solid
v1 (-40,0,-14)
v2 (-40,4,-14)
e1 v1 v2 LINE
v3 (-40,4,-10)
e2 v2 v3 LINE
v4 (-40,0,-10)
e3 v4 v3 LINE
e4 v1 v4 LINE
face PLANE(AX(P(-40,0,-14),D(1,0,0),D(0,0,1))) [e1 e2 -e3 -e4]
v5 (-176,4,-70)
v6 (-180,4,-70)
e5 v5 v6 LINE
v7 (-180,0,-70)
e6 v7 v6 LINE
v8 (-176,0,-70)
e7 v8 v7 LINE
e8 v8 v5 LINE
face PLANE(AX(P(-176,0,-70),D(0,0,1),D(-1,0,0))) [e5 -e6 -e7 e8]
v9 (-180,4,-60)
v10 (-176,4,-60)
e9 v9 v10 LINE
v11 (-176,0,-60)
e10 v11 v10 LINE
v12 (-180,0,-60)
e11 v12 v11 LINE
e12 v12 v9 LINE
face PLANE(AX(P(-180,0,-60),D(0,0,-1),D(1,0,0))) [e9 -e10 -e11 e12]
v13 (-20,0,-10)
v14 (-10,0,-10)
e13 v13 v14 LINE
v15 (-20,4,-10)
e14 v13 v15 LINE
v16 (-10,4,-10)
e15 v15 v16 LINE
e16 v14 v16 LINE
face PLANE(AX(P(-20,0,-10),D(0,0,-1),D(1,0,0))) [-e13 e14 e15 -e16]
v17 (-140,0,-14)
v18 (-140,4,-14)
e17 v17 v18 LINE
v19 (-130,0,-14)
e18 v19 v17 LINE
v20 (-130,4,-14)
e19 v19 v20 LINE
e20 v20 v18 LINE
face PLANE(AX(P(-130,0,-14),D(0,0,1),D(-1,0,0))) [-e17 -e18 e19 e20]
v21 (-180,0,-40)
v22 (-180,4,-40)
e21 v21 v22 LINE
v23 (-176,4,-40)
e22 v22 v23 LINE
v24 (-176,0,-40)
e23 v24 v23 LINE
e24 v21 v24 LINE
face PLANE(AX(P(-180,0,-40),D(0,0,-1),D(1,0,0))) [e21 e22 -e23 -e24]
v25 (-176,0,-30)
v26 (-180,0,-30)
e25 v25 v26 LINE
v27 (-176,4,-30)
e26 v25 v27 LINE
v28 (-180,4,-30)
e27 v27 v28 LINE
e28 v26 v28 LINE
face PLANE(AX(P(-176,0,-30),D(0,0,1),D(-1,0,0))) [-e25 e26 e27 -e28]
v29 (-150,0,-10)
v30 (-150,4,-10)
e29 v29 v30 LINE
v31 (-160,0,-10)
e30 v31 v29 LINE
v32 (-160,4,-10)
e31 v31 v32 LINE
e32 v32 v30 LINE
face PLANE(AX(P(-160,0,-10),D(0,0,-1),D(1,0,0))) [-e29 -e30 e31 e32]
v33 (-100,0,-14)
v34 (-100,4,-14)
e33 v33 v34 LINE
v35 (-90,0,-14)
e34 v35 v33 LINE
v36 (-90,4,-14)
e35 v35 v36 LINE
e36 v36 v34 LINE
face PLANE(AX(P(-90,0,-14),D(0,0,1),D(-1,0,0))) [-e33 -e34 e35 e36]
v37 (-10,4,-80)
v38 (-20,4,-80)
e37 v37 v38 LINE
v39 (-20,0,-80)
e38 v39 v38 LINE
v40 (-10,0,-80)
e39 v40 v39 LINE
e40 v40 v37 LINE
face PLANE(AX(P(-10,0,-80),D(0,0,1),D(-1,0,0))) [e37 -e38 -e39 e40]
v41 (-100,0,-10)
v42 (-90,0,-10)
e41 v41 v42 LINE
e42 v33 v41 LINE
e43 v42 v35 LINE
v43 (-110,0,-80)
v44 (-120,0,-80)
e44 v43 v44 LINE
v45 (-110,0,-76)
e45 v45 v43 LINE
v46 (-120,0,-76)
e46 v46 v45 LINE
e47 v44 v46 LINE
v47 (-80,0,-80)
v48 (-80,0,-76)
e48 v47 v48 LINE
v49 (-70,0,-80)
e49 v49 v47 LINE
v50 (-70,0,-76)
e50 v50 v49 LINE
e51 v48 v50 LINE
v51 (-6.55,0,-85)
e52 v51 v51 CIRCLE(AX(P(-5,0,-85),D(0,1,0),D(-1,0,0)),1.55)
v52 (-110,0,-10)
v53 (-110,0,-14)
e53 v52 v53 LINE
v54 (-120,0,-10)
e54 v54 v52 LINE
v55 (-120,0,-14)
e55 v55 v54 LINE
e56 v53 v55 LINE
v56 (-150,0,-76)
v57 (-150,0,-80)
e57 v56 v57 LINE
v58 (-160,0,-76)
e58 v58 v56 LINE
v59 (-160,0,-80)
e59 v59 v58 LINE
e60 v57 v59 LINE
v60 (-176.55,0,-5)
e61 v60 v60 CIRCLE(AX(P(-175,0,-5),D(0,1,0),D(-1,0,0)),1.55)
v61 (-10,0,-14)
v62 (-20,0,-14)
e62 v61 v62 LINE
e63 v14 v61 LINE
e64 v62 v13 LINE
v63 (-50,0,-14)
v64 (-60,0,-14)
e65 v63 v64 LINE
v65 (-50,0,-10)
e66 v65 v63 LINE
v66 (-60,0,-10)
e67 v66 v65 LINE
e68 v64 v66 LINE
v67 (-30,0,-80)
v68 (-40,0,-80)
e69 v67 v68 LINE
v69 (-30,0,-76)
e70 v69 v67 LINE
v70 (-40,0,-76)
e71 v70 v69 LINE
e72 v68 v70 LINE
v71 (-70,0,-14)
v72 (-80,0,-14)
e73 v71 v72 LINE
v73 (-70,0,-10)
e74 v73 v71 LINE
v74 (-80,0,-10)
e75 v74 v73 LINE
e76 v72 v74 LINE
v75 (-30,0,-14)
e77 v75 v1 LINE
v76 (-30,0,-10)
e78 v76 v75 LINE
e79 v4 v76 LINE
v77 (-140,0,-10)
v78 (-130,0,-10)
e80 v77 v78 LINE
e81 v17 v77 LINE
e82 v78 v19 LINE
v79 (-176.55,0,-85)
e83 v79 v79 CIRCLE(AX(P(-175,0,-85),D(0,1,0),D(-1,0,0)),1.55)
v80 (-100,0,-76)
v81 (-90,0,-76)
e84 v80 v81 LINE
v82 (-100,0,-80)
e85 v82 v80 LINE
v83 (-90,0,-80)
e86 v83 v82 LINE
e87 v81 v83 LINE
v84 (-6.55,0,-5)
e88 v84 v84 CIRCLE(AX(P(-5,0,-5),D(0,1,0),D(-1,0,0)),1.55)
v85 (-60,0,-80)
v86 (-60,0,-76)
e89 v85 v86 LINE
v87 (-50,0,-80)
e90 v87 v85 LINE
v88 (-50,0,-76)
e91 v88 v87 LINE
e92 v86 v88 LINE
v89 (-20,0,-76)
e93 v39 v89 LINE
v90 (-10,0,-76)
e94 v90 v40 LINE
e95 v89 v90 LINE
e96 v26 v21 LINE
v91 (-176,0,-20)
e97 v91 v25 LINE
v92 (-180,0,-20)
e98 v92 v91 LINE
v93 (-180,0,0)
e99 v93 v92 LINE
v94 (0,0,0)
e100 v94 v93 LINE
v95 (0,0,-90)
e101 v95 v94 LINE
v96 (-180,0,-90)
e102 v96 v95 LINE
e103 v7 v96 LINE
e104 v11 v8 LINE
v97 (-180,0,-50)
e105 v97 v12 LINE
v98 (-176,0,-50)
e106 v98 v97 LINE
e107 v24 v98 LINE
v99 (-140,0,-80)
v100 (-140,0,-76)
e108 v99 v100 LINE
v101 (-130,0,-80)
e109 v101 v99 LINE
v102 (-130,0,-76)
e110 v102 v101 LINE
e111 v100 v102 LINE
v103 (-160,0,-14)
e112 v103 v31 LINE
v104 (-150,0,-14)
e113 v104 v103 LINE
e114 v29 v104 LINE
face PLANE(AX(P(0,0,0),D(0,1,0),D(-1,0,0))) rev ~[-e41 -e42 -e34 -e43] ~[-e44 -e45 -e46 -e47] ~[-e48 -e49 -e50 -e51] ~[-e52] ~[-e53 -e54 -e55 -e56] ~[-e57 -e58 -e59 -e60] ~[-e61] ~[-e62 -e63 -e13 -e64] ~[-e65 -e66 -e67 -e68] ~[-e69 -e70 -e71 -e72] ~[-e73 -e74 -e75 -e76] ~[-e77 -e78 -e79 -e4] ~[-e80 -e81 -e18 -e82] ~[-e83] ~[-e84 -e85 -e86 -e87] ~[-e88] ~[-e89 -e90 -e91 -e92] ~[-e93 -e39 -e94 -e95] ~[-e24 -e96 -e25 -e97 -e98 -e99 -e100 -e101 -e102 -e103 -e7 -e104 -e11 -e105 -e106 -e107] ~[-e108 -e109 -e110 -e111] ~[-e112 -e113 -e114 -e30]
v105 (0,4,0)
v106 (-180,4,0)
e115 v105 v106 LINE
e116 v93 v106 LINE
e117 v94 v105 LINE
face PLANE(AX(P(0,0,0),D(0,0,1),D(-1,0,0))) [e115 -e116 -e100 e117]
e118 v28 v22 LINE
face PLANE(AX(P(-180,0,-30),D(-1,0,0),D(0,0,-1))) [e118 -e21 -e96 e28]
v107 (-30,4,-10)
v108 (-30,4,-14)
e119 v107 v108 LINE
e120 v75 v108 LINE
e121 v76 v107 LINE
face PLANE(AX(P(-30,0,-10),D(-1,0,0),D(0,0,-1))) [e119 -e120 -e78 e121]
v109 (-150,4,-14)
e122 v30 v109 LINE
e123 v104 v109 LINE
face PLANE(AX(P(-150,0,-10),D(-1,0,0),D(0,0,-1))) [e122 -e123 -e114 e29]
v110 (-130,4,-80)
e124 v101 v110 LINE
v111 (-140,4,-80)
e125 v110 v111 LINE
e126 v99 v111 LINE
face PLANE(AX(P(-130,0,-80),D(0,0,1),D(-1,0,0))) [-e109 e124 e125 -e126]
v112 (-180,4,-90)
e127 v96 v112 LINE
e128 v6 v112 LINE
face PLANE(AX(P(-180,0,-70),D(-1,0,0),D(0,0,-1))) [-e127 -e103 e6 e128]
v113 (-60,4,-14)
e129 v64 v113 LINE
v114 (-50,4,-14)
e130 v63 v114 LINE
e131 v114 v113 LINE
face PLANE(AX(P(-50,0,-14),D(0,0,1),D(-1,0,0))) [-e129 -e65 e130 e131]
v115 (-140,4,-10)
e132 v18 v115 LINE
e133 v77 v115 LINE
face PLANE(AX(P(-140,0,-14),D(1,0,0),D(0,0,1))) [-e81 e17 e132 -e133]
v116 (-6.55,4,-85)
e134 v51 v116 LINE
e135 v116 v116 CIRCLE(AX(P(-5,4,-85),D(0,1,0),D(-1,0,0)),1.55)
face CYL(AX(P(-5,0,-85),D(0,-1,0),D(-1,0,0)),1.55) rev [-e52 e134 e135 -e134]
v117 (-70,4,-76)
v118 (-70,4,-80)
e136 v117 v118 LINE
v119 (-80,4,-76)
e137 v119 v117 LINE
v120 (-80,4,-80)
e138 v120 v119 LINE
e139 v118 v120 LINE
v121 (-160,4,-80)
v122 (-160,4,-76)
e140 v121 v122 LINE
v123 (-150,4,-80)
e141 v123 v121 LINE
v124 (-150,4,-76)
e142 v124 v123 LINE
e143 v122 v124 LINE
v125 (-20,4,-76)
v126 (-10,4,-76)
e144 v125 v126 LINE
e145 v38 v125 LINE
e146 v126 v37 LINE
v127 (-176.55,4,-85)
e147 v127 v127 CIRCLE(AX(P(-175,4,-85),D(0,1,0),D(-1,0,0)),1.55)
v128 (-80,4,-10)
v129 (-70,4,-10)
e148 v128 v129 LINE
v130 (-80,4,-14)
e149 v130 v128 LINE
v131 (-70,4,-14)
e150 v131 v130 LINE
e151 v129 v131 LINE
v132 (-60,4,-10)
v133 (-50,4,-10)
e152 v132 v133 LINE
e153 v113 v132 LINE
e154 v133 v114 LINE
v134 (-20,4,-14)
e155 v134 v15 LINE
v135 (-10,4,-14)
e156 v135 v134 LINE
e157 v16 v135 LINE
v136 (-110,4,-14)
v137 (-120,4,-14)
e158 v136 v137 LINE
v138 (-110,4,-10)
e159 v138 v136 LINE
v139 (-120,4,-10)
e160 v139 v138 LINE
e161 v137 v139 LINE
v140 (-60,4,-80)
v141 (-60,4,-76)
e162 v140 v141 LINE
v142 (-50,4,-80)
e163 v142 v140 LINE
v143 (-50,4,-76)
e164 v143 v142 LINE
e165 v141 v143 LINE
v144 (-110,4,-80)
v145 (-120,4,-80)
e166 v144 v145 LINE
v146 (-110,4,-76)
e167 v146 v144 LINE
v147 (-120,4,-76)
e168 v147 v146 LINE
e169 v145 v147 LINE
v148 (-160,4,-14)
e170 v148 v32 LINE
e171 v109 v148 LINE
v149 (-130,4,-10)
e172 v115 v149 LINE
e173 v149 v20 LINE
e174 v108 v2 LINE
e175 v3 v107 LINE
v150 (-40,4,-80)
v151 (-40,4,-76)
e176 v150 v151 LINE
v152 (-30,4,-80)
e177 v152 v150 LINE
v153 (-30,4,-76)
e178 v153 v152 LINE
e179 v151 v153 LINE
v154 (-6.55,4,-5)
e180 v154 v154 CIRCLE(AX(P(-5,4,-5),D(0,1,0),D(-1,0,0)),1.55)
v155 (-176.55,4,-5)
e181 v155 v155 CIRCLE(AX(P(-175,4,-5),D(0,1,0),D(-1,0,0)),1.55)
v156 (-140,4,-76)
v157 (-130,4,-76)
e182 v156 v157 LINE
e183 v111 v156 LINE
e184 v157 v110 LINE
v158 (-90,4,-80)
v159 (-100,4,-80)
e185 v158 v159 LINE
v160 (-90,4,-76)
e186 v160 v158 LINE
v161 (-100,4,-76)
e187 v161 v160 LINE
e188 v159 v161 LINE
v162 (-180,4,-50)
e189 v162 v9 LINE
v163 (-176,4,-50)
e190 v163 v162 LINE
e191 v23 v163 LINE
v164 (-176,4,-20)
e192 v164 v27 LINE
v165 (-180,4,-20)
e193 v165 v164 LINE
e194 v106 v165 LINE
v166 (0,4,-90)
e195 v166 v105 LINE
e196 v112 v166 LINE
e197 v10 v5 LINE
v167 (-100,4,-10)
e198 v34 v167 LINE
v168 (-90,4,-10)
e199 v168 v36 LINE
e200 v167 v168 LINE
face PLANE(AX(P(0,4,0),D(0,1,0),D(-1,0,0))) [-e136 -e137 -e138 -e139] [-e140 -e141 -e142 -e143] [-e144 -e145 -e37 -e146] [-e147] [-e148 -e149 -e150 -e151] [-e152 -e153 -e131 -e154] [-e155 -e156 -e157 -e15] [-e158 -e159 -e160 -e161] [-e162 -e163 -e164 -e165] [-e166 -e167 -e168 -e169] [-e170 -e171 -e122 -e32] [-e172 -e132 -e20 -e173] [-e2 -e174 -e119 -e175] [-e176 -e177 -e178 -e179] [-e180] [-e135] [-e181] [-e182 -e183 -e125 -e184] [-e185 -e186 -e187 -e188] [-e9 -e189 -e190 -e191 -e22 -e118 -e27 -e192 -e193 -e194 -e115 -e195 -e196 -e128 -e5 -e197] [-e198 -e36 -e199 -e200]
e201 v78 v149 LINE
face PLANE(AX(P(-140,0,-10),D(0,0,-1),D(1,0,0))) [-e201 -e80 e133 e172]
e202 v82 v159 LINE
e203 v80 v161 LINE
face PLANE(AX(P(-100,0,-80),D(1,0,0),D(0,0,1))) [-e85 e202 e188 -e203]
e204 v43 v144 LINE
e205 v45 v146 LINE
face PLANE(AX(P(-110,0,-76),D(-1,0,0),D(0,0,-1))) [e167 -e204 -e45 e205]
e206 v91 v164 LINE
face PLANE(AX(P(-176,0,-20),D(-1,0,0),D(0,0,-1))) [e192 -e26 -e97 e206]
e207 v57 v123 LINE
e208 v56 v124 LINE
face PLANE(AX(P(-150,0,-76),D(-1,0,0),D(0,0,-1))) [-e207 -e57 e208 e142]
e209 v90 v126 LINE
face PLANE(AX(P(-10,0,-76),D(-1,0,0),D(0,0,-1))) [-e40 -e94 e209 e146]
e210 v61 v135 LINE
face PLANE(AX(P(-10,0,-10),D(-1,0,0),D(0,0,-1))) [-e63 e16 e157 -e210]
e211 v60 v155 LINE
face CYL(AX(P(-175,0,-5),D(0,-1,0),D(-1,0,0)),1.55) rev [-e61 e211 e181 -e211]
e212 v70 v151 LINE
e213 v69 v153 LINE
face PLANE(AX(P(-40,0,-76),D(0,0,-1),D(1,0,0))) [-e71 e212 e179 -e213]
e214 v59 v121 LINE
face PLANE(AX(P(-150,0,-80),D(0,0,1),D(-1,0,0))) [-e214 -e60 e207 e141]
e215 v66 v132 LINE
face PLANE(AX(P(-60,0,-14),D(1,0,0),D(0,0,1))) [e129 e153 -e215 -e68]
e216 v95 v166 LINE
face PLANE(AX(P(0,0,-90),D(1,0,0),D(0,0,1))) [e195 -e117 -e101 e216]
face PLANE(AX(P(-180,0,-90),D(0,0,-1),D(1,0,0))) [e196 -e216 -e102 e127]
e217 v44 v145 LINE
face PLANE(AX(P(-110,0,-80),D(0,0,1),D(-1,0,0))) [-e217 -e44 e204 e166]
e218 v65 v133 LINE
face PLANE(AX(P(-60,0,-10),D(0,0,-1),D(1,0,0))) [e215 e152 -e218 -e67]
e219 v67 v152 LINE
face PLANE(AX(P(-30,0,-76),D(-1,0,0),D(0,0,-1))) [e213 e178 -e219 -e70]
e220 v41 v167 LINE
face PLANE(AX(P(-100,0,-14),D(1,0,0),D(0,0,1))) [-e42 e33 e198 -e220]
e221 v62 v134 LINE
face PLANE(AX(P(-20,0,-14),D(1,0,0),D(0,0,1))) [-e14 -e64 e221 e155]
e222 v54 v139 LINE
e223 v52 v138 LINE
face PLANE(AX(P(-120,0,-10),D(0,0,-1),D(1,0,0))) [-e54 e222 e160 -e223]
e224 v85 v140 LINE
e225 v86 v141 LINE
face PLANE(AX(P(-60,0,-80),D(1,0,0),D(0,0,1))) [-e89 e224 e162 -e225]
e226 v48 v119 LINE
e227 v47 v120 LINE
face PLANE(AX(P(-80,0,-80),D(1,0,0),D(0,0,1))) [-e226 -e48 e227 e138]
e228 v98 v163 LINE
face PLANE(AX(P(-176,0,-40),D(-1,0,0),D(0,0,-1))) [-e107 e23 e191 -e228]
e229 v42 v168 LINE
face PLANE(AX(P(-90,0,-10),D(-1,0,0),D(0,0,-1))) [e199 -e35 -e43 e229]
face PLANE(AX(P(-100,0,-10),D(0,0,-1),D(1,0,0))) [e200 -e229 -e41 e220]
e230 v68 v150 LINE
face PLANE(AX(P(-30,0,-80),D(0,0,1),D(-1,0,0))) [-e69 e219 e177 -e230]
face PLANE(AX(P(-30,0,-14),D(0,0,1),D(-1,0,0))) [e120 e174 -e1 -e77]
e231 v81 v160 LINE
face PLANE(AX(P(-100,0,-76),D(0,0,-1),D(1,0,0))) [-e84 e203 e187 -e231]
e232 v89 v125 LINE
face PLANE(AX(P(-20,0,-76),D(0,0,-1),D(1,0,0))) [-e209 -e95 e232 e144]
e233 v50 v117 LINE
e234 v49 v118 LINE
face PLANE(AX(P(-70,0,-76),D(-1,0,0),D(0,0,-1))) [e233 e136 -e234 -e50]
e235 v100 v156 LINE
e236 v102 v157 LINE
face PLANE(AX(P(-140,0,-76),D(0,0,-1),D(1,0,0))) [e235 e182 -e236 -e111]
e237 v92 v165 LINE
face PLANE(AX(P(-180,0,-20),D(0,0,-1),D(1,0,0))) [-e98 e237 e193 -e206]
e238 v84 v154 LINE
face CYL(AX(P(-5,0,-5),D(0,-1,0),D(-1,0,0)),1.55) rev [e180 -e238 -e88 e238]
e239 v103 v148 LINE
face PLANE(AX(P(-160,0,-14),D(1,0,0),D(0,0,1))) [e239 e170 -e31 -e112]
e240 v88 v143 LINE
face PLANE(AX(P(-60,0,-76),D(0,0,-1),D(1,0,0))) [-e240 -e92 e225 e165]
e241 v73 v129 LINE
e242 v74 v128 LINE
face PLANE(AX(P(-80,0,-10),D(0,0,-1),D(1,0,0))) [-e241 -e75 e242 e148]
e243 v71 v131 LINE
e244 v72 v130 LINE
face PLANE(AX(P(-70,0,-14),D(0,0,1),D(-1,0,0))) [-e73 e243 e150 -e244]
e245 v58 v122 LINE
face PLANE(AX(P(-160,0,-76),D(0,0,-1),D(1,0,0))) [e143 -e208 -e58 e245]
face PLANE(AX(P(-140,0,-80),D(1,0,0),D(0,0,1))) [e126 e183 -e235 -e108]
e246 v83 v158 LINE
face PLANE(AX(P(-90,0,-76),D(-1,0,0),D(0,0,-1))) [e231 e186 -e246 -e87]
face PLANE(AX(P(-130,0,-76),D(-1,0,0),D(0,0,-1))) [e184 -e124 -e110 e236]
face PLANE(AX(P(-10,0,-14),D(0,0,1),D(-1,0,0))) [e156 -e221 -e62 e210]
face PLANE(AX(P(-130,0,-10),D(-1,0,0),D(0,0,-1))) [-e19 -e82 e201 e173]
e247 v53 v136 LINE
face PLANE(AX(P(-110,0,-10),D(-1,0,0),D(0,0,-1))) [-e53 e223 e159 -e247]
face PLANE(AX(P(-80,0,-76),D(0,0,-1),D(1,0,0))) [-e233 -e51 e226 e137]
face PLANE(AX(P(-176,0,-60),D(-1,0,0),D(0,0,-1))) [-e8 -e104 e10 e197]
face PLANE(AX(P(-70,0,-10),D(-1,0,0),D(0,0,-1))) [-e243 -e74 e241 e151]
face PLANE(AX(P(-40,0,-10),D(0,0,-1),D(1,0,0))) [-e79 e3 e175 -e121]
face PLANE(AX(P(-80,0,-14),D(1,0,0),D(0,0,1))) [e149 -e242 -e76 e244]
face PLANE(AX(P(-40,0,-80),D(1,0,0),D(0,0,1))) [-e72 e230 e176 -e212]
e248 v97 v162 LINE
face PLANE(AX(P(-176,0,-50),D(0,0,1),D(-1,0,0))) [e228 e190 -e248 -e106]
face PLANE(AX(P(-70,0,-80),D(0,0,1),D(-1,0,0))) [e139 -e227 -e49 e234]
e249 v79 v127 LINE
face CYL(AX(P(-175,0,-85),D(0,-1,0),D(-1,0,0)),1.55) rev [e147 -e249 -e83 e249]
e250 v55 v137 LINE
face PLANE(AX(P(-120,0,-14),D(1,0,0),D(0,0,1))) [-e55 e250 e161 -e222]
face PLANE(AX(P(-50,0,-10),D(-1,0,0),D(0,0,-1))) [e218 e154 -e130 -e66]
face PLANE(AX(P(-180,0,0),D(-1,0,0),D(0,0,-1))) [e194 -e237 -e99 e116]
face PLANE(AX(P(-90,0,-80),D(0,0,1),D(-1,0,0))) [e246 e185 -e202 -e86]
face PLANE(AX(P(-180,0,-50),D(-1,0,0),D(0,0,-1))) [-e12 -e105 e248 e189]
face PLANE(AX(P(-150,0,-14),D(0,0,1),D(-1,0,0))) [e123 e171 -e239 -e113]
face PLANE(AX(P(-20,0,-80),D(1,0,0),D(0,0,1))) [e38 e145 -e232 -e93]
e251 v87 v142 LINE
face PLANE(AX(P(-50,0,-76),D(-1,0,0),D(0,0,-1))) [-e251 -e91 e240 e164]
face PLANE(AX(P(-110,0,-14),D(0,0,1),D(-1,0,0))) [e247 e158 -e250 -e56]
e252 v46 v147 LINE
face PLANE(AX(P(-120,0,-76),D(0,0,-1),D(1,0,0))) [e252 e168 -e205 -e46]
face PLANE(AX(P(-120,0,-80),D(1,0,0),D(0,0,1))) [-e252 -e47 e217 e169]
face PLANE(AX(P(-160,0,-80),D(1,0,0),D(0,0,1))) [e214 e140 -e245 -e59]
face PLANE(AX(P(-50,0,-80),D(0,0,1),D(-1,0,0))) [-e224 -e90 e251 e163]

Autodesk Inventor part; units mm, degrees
ref_plane "YZ Plane" through (0, 0, 0) normal (1, 0, 0) x (0, 1, 0)
ref_plane "XZ Plane" through (0, 0, 0) normal (0, 1, 0) x (-1, 0, 0)
ref_plane "XY Plane" through (0, 0, 0) normal (0, 0, 1) x (1, 0, 0)
sketch "スケッチ1" plane through (0, 0, 0) normal (0, 1, 0) x (-1, 0, 0)
  line L0 (0, 0) -> (180, 0)
  line L1 (180, 0) -> (180, -90)
  line L2 (180, -90) -> (0, -90)
  line L3 (0, -90) -> (0, 0)
  line L4 (20, -10) -> (10, -10)
  line L5 (10, -10) -> (10, -14)
  line L6 (10, -14) -> (20, -14)
  line L7 (20, -14) -> (20, -10)
  line L8 (20, -76) -> (10, -76)
  line L9 (10, -76) -> (10, -80)
  line L10 (10, -80) -> (20, -80)
  line L11 (20, -80) -> (20, -76)
  line L12 (40, -76) -> (30, -76)
  line L13 (30, -76) -> (30, -80)
  line L14 (30, -80) -> (40, -80)
  line L15 (40, -80) -> (40, -76)
  line L16 (40, -10) -> (30, -10)
  line L17 (30, -10) -> (30, -14)
  line L18 (40, -14) -> (40, -10)
  line L19 (30, -14) -> (40, -14)
  line L20 (60, -76) -> (50, -76)
  line L21 (50, -76) -> (50, -80)
  line L22 (50, -80) -> (60, -80)
  line L23 (60, -80) -> (60, -76)
  line L24 (60, -10) -> (50, -10)
  line L25 (50, -10) -> (50, -14)
  line L26 (60, -14) -> (60, -10)
  line L27 (50, -14) -> (60, -14)
  line L28 (80, -76) -> (70, -76)
  line L29 (70, -76) -> (70, -80)
  line L30 (70, -80) -> (80, -80)
  line L31 (80, -80) -> (80, -76)
  line L32 (80, -10) -> (70, -10)
  line L33 (70, -10) -> (70, -14)
  line L34 (80, -14) -> (80, -10)
  line L35 (70, -14) -> (80, -14)
  line L36 (100, -76) -> (90, -76)
  line L37 (90, -76) -> (90, -80)
  line L38 (90, -80) -> (100, -80)
  line L39 (100, -80) -> (100, -76)
  line L40 (100, -10) -> (90, -10)
  line L41 (90, -10) -> (90, -14)
  line L42 (100, -14) -> (100, -10)
  line L43 (90, -14) -> (100, -14)
  line L44 (120, -76) -> (110, -76)
  line L45 (110, -76) -> (110, -80)
  line L46 (110, -80) -> (120, -80)
  line L47 (120, -80) -> (120, -76)
  line L48 (120, -10) -> (110, -10)
  line L49 (110, -10) -> (110, -14)
  line L50 (120, -14) -> (120, -10)
  line L51 (110, -14) -> (120, -14)
  line L52 (140, -76) -> (130, -76)
  line L53 (130, -76) -> (130, -80)
  line L54 (130, -80) -> (140, -80)
  line L55 (140, -80) -> (140, -76)
  line L56 (140, -10) -> (130, -10)
  line L57 (130, -10) -> (130, -14)
  line L58 (140, -14) -> (140, -10)
  line L59 (130, -14) -> (140, -14)
  line L60 (160, -76) -> (150, -76)
  line L61 (150, -76) -> (150, -80)
  line L62 (150, -80) -> (160, -80)
  line L63 (160, -80) -> (160, -76)
  line L64 (160, -10) -> (150, -10)
  line L65 (150, -10) -> (150, -14)
  line L66 (160, -14) -> (160, -10)
  line L67 (150, -14) -> (160, -14)
  line L68 (180, -20) -> (176, -20)
  line L69 (176, -20) -> (176, -30)
  line L70 (176, -30) -> (180, -30)
  line L71 (180, -30) -> (180, -20)
  line L72 (176, -40) -> (176, -50)
  line L73 (180, -40) -> (176, -40)
  line L74 (176, -50) -> (180, -50)
  line L75 (180, -50) -> (180, -40)
  line L76 (176, -60) -> (176, -70)
  line L77 (180, -60) -> (176, -60)
  line L78 (176, -70) -> (180, -70)
  line L79 (180, -70) -> (180, -60)
  circle A0 centre (5, -5) radius 1.55
  circle A1 centre (5, -85) radius 1.55
  circle A2 centre (175, -85) radius 1.55
  circle A3 centre (175, -5) radius 1.55
  point P0 (10, -78)
  point P1 (30, -78)
  point P2 (50, -78)
  point P3 (70, -78)
  point P4 (90, -78)
  point P5 (110, -78)
  point P6 (130, -78)
  point P7 (150, -78)
  dimension "d0" = 180
  dimension "d1" = 90
  dimension "d2" = 10
  dimension "d3" = 4
  dimension "d4" = 10
  dimension "d5" = 10
  dimension "d6" = 10
  dimension "d7" = 4
  dimension "d8" = 10
  dimension "d9" = 10
  dimension "d12" = 20
  dimension "d17" = 4
  dimension "d18" = 10
  dimension "d19" = 20
  dimension "d22" = 20
  dimension "d27" = 0
  dimension "d28" = 3.1
  dimension "d29" = 3.1
  dimension "d30" = 3.1
  dimension "d31" = 3.1
  dimension "d32" = 5
  dimension "d33" = 5
  dimension "d34" = 5
  dimension "d35" = 5
  dimension "d36" = 5
  dimension "d37" = 5
  dimension "d39" = 5
  dimension "d40" = 5
extrude "押し出し1" add sketch "スケッチ1" along normal blind 4 contours L0 L1 L68 L69 L70 L73 L72 L74 L77 L76 L78 L2 L3
properties part number "ER_lipo_bottom_1" material "木材 (オーク)"
